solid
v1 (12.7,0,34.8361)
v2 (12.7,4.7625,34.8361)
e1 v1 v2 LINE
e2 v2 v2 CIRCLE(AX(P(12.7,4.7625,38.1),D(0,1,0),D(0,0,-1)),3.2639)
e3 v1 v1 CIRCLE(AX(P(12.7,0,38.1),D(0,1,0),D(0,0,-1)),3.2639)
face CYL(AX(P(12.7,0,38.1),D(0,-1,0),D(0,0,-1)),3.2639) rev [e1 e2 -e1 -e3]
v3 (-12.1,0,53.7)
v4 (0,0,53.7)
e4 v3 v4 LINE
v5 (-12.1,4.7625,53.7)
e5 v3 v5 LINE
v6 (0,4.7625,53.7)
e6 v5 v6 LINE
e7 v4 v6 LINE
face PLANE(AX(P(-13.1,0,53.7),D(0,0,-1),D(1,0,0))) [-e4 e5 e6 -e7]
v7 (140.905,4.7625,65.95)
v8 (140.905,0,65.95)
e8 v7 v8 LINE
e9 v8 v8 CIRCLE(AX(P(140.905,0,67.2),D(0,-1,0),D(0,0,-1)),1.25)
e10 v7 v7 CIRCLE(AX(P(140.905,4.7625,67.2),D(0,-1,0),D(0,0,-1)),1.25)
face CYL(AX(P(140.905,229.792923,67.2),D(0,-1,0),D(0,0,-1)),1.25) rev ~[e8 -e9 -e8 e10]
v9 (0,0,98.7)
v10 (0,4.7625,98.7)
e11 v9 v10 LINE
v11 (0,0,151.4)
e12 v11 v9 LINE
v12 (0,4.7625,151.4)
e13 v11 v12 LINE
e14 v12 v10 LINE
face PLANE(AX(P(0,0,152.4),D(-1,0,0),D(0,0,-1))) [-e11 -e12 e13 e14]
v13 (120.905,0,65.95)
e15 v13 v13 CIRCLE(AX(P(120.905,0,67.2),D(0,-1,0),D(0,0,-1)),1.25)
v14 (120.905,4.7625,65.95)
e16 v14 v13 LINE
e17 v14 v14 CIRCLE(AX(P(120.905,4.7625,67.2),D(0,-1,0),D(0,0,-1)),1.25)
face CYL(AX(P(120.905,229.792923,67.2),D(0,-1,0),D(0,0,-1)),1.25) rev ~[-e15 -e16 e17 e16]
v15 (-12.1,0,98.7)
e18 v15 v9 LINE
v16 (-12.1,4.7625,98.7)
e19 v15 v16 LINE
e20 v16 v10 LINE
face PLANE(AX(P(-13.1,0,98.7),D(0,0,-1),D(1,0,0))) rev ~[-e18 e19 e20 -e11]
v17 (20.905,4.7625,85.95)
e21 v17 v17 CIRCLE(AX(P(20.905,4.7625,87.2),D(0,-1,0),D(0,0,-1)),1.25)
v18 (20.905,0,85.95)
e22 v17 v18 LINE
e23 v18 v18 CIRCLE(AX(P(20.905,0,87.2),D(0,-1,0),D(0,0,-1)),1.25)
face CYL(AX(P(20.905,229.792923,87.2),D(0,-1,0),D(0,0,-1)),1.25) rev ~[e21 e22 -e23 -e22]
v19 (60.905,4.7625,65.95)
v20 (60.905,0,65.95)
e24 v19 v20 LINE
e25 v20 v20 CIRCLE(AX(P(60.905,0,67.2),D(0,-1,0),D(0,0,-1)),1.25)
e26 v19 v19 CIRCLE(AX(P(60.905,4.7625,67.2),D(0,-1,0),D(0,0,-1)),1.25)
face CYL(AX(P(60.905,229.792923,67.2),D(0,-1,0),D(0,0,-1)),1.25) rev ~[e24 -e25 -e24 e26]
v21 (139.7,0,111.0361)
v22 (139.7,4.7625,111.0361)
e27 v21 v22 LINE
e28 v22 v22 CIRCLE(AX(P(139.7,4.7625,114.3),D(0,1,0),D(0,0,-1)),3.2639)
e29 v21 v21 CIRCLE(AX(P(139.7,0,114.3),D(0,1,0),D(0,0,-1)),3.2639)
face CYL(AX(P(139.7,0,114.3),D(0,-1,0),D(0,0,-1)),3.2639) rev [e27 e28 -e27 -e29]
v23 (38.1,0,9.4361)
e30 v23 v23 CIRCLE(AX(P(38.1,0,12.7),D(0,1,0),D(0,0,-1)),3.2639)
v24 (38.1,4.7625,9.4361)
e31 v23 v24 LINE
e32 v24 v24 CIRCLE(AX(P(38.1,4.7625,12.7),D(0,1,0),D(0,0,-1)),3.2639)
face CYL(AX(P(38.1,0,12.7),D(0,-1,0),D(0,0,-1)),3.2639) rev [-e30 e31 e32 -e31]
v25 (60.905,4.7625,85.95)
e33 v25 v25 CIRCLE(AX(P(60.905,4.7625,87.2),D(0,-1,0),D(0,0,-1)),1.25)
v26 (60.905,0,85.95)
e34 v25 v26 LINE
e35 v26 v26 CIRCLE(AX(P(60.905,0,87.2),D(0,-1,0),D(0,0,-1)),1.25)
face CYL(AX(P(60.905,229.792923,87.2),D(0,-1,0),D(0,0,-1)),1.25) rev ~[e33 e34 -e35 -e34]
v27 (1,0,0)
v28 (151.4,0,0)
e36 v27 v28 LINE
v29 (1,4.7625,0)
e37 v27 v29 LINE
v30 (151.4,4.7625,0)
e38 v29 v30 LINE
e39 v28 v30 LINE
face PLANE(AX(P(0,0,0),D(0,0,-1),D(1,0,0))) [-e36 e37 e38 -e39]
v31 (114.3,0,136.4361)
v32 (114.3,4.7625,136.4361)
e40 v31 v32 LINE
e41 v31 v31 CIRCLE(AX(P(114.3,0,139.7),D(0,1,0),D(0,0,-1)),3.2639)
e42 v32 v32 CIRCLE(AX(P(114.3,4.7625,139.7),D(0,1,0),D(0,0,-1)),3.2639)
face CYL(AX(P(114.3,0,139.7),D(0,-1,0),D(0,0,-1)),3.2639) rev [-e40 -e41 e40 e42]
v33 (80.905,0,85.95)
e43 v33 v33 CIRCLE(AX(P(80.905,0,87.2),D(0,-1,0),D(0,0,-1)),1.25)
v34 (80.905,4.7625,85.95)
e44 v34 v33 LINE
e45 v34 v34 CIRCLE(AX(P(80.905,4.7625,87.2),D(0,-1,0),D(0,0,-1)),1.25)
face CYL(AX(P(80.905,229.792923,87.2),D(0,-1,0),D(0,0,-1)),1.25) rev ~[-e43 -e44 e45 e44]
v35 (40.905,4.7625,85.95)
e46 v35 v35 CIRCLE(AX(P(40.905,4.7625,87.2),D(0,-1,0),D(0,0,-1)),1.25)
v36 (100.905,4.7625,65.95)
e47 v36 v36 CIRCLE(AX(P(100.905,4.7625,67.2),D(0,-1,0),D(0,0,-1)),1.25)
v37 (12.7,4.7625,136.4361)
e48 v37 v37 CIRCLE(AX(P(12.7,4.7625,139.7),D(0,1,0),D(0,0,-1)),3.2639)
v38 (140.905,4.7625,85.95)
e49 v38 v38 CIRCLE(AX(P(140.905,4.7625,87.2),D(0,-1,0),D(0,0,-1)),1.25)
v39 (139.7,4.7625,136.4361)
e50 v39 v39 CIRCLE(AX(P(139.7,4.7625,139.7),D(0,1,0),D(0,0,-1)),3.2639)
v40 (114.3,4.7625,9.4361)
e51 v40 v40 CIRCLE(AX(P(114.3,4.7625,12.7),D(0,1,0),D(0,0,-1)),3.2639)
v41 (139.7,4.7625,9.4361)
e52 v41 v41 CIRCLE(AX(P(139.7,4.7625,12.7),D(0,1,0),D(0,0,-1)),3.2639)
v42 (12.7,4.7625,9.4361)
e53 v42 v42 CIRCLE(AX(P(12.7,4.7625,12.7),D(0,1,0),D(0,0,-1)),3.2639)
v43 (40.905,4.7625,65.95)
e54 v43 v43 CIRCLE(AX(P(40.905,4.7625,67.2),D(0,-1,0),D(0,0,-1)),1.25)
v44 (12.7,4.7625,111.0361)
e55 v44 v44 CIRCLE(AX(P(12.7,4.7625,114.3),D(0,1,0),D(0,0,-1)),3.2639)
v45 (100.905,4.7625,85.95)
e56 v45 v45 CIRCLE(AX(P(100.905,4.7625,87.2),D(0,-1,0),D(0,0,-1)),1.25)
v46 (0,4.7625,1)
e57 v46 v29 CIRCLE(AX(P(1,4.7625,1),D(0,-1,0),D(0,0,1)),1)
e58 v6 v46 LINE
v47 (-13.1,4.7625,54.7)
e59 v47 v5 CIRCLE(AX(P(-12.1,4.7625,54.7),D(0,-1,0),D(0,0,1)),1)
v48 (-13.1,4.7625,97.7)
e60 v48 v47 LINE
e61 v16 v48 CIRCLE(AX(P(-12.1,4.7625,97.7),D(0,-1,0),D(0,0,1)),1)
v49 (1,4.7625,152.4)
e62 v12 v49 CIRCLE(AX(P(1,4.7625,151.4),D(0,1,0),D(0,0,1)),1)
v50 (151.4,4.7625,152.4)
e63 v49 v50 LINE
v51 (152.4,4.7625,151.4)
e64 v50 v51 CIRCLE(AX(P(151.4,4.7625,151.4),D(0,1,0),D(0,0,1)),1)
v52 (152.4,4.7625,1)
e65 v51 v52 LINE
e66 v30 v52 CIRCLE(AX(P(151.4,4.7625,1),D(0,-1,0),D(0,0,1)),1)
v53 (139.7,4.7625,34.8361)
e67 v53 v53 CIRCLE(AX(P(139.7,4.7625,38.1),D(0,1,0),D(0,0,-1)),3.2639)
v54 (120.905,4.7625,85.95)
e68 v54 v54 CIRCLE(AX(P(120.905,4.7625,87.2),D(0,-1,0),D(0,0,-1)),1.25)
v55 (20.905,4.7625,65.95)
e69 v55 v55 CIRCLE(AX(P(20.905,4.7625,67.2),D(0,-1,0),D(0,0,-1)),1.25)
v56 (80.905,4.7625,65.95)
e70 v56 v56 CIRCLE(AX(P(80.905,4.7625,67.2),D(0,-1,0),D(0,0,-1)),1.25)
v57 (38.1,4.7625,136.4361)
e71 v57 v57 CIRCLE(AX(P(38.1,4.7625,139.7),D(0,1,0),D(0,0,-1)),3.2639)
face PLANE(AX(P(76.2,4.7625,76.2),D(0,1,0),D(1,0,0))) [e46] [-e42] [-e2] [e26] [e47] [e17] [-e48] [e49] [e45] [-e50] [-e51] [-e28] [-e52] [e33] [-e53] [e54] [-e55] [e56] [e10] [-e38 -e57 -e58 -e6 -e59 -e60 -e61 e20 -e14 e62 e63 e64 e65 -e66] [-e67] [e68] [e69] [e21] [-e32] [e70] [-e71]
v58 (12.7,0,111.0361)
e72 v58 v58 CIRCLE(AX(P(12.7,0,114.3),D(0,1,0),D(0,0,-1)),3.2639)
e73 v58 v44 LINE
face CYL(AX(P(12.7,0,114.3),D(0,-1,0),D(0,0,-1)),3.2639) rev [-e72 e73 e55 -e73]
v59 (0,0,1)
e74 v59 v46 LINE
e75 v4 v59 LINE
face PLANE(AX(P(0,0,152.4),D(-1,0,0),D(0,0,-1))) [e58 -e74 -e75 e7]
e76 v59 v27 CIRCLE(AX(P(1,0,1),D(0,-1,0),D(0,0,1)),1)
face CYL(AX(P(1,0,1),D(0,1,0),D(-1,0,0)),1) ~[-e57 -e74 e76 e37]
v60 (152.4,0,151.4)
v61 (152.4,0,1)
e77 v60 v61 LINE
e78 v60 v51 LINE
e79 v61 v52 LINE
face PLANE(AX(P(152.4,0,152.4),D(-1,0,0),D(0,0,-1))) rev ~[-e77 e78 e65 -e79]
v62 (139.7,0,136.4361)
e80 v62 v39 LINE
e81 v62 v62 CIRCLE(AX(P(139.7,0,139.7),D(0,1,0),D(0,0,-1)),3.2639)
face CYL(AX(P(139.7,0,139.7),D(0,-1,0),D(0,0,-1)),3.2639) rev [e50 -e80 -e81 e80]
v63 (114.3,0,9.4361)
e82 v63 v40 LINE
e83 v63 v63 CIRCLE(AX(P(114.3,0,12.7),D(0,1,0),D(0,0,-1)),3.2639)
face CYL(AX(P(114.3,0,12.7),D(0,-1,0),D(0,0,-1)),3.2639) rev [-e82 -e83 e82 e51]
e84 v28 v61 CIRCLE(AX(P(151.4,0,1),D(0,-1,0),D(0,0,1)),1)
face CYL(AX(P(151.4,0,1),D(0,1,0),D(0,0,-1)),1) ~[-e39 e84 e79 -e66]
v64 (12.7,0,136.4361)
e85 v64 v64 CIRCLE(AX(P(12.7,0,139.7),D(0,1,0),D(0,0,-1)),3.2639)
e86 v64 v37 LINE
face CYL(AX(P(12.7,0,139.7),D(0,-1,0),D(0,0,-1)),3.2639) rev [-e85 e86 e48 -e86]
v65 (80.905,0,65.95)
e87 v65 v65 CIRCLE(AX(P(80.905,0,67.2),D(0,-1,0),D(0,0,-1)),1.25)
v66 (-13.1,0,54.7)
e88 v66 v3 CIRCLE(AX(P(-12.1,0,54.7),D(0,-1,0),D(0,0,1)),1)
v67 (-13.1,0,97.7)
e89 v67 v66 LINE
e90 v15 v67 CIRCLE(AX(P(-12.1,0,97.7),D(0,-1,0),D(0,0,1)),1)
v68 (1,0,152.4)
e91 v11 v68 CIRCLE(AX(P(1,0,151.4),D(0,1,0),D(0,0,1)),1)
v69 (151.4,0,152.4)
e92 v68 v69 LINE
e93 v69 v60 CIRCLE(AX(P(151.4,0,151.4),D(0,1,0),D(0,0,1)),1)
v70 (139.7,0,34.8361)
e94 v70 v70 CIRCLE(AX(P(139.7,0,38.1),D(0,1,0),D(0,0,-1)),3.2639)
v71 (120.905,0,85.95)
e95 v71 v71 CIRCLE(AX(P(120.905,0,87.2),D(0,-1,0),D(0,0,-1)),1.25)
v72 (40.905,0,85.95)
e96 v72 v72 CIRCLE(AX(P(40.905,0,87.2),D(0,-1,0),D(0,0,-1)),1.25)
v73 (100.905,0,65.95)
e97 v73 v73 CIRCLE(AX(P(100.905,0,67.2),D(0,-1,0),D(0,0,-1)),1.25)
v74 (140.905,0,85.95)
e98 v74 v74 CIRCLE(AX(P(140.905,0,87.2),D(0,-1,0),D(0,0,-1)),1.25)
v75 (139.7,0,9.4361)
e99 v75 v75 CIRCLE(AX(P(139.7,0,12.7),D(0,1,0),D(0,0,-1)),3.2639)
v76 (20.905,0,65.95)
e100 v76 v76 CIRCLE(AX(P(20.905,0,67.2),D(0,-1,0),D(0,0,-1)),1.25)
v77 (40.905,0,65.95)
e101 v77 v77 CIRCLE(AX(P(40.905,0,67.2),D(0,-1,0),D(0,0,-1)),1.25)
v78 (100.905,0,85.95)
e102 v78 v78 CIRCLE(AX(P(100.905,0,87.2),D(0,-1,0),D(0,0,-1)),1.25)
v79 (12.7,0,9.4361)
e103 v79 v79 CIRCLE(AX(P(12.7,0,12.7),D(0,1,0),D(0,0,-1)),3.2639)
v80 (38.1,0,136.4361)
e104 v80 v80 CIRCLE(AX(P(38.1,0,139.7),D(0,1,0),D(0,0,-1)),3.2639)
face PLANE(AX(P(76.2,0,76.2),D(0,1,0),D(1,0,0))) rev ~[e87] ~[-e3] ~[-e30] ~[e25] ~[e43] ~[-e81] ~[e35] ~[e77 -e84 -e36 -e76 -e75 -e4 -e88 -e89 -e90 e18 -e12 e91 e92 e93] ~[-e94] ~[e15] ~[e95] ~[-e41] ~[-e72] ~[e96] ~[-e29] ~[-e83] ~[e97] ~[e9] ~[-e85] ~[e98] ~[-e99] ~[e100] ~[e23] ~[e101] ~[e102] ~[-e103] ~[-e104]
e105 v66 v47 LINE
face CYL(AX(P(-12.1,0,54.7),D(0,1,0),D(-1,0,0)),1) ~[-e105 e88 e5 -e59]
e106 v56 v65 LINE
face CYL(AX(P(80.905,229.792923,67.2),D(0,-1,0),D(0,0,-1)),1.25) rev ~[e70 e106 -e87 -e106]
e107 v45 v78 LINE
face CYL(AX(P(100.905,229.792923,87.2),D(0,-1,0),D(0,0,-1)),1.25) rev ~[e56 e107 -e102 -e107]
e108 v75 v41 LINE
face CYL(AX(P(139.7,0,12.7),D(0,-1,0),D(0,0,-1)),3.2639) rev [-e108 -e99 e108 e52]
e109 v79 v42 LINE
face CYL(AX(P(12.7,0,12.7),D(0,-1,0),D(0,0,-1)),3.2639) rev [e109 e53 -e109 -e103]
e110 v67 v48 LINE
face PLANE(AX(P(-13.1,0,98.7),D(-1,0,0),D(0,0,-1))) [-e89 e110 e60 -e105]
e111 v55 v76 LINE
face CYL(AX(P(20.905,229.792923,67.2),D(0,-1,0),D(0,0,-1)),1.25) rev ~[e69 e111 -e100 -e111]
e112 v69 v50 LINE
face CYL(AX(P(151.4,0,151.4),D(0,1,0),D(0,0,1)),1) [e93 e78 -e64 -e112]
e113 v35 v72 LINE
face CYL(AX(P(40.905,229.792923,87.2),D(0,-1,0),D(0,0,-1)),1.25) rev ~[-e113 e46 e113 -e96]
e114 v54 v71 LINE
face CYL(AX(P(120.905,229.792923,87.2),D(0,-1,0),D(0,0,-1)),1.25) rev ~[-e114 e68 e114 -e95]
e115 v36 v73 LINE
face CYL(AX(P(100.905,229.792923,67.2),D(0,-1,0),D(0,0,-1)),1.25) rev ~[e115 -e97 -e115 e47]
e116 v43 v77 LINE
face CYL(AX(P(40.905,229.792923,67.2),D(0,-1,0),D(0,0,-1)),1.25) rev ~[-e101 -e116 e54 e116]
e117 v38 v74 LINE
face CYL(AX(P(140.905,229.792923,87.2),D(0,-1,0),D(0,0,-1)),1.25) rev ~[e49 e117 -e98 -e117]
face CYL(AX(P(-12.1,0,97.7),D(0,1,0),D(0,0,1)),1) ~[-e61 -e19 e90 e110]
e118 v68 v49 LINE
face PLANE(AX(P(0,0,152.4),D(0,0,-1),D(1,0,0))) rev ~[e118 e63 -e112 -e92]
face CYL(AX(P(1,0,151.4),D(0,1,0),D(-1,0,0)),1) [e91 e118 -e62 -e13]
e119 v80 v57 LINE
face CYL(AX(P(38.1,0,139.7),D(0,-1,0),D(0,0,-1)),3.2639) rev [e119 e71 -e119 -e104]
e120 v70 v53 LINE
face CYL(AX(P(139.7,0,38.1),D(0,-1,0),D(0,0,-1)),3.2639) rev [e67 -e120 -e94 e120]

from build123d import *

# Parameters (mm, degrees)
SKETCH1_W             = 152.4
SKETCH1_H             = 152.4
SKETCH1_R             = 3.2639
SKETCH1_W_2           = 13.1
SKETCH1_H_2           = 45
BOSS_EXTRUDE1_DEPTH   = 4.7625
FILLET1_R             = 1
SKETCH11_R            = 1
CUT_EXTRUDE1_DEPTH    = 4.7625
M3X0_5_TAPPED_HOLE1_D = 2.5
LPATTERN1_COUNT       = 7
LPATTERN1_PITCH       = 20
LPATTERN1_COUNT_DIR2  = 2
LPATTERN1_PITCH_DIR2  = 20


with BuildPart() as part:
    # Sketch1 → Boss-Extrude1 (new body)
    # profile 1 of 2: a face of its own
    with BuildSketch(Plane(origin=(0, 0, 0), x_dir=(1, 0, 0), z_dir=(0, 1, 0))):
        with Locations((76.2, -76.2)):
            Rectangle(SKETCH1_W, SKETCH1_H)
        with Locations(Location((12.7, -12.7, 0), (0, 0, 90))):
            Circle(SKETCH1_R, mode=Mode.SUBTRACT)
        with Locations(Location((139.7, -12.7, 0), (0, 0, 90))):
            Circle(SKETCH1_R, mode=Mode.SUBTRACT)
        with Locations(Location((139.7, -139.7, 0), (0, 0, 90))):
            Circle(SKETCH1_R, mode=Mode.SUBTRACT)
        with Locations(Location((12.7, -139.7, 0), (0, 0, 90))):
            Circle(SKETCH1_R, mode=Mode.SUBTRACT)
        with Locations(Location((38.1, -12.7, 0), (0, 0, 90))):
            Circle(SKETCH1_R, mode=Mode.SUBTRACT)
        with Locations(Location((114.3, -12.7, 0), (0, 0, 90))):
            Circle(SKETCH1_R, mode=Mode.SUBTRACT)
        with Locations(Location((139.7, -38.1, 0), (0, 0, 90))):
            Circle(SKETCH1_R, mode=Mode.SUBTRACT)
        with Locations(Location((139.7, -114.3, 0), (0, 0, 90))):
            Circle(SKETCH1_R, mode=Mode.SUBTRACT)
        with Locations(Location((114.3, -139.7, 0), (0, 0, 90))):
            Circle(SKETCH1_R, mode=Mode.SUBTRACT)
        with Locations(Location((38.1, -139.7, 0), (0, 0, 90))):
            Circle(SKETCH1_R, mode=Mode.SUBTRACT)
        with Locations(Location((12.7, -114.3, 0), (0, 0, 90))):
            Circle(SKETCH1_R, mode=Mode.SUBTRACT)
        with Locations(Location((12.7, -38.1, 0), (0, 0, 90))):
            Circle(SKETCH1_R, mode=Mode.SUBTRACT)
    # profile 2 of 2: a face of its own
    with BuildSketch(Plane(origin=(0, 0, 0), x_dir=(1, 0, 0), z_dir=(0, 1, 0))):
        with Locations((-6.55, -76.2)):
            Rectangle(SKETCH1_W_2, SKETCH1_H_2)
    extrude(amount=BOSS_EXTRUDE1_DEPTH)

    # Fillet1
    fillet1_edges = [part.edges().sort_by_distance(p)[0] for p in [
        (152.4, 2.38125, 152.4),
        (0, 2.38125, 152.4),
        (-13.1, 2.38125, 98.7),
        (-13.1, 2.38125, 53.7),
        (0, 2.38125, 0),
        (152.4, 2.38125, 0),
    ]]
    fillet(fillet1_edges, radius=FILLET1_R)

    # Sketch11 → Cut-Extrude1 (cut)
    with BuildSketch(Plane(origin=(0, 4.7625, 0), x_dir=(1, 0, 0), z_dir=(0, 1, 0))):
        with Locations(Location((20.905, -87.2, 0), (0, 0, 270))):
            Circle(SKETCH11_R)
        with Locations(Location((20.905, -67.2, 0), (0, 0, 270))):
            Circle(SKETCH11_R)
        with Locations(Location((40.905, -87.2, 0), (0, 0, 270))):
            Circle(SKETCH11_R)
        with Locations(Location((40.905, -67.2, 0), (0, 0, 270))):
            Circle(SKETCH11_R)
        with Locations(Location((60.905, -87.2, 0), (0, 0, 270))):
            Circle(SKETCH11_R)
        with Locations(Location((60.905, -67.2, 0), (0, 0, 270))):
            Circle(SKETCH11_R)
        with Locations(Location((80.905, -87.2, 0), (0, 0, 270))):
            Circle(SKETCH11_R)
        with Locations(Location((80.905, -67.2, 0), (0, 0, 270))):
            Circle(SKETCH11_R)
        with Locations(Location((100.905, -87.2, 0), (0, 0, 270))):
            Circle(SKETCH11_R)
        with Locations(Location((100.905, -67.2, 0), (0, 0, 270))):
            Circle(SKETCH11_R)
        with Locations(Location((120.905, -87.2, 0), (0, 0, 270))):
            Circle(SKETCH11_R)
        with Locations(Location((120.905, -67.2, 0), (0, 0, 270))):
            Circle(SKETCH11_R)
        with Locations(Location((140.905, -87.2, 0), (0, 0, 270))):
            Circle(SKETCH11_R)
        with Locations(Location((140.905, -67.2, 0), (0, 0, 270))):
            Circle(SKETCH11_R)
    extrude(amount=-CUT_EXTRUDE1_DEPTH, mode=Mode.SUBTRACT)

    # M3x0.5 Tapped Hole1 (through all)
    with Locations(Plane(origin=(20.905, 4.7625, 67.2), x_dir=(0, 0, 1), z_dir=(0, 1, 0))):
        with Locations((0, 0)):
            m3x0_5_tapped_hole1 = Hole(M3X0_5_TAPPED_HOLE1_D / 2)

    # LPattern1: M3x0.5 Tapped Hole1 7 × 2
    with Locations(*[(i * LPATTERN1_PITCH, 0, j * LPATTERN1_PITCH_DIR2) for i in range(LPATTERN1_COUNT) for j in range(LPATTERN1_COUNT_DIR2) if (i, j) != (0, 0)]):
        add(m3x0_5_tapped_hole1, mode=Mode.SUBTRACT)


solid = part.part
